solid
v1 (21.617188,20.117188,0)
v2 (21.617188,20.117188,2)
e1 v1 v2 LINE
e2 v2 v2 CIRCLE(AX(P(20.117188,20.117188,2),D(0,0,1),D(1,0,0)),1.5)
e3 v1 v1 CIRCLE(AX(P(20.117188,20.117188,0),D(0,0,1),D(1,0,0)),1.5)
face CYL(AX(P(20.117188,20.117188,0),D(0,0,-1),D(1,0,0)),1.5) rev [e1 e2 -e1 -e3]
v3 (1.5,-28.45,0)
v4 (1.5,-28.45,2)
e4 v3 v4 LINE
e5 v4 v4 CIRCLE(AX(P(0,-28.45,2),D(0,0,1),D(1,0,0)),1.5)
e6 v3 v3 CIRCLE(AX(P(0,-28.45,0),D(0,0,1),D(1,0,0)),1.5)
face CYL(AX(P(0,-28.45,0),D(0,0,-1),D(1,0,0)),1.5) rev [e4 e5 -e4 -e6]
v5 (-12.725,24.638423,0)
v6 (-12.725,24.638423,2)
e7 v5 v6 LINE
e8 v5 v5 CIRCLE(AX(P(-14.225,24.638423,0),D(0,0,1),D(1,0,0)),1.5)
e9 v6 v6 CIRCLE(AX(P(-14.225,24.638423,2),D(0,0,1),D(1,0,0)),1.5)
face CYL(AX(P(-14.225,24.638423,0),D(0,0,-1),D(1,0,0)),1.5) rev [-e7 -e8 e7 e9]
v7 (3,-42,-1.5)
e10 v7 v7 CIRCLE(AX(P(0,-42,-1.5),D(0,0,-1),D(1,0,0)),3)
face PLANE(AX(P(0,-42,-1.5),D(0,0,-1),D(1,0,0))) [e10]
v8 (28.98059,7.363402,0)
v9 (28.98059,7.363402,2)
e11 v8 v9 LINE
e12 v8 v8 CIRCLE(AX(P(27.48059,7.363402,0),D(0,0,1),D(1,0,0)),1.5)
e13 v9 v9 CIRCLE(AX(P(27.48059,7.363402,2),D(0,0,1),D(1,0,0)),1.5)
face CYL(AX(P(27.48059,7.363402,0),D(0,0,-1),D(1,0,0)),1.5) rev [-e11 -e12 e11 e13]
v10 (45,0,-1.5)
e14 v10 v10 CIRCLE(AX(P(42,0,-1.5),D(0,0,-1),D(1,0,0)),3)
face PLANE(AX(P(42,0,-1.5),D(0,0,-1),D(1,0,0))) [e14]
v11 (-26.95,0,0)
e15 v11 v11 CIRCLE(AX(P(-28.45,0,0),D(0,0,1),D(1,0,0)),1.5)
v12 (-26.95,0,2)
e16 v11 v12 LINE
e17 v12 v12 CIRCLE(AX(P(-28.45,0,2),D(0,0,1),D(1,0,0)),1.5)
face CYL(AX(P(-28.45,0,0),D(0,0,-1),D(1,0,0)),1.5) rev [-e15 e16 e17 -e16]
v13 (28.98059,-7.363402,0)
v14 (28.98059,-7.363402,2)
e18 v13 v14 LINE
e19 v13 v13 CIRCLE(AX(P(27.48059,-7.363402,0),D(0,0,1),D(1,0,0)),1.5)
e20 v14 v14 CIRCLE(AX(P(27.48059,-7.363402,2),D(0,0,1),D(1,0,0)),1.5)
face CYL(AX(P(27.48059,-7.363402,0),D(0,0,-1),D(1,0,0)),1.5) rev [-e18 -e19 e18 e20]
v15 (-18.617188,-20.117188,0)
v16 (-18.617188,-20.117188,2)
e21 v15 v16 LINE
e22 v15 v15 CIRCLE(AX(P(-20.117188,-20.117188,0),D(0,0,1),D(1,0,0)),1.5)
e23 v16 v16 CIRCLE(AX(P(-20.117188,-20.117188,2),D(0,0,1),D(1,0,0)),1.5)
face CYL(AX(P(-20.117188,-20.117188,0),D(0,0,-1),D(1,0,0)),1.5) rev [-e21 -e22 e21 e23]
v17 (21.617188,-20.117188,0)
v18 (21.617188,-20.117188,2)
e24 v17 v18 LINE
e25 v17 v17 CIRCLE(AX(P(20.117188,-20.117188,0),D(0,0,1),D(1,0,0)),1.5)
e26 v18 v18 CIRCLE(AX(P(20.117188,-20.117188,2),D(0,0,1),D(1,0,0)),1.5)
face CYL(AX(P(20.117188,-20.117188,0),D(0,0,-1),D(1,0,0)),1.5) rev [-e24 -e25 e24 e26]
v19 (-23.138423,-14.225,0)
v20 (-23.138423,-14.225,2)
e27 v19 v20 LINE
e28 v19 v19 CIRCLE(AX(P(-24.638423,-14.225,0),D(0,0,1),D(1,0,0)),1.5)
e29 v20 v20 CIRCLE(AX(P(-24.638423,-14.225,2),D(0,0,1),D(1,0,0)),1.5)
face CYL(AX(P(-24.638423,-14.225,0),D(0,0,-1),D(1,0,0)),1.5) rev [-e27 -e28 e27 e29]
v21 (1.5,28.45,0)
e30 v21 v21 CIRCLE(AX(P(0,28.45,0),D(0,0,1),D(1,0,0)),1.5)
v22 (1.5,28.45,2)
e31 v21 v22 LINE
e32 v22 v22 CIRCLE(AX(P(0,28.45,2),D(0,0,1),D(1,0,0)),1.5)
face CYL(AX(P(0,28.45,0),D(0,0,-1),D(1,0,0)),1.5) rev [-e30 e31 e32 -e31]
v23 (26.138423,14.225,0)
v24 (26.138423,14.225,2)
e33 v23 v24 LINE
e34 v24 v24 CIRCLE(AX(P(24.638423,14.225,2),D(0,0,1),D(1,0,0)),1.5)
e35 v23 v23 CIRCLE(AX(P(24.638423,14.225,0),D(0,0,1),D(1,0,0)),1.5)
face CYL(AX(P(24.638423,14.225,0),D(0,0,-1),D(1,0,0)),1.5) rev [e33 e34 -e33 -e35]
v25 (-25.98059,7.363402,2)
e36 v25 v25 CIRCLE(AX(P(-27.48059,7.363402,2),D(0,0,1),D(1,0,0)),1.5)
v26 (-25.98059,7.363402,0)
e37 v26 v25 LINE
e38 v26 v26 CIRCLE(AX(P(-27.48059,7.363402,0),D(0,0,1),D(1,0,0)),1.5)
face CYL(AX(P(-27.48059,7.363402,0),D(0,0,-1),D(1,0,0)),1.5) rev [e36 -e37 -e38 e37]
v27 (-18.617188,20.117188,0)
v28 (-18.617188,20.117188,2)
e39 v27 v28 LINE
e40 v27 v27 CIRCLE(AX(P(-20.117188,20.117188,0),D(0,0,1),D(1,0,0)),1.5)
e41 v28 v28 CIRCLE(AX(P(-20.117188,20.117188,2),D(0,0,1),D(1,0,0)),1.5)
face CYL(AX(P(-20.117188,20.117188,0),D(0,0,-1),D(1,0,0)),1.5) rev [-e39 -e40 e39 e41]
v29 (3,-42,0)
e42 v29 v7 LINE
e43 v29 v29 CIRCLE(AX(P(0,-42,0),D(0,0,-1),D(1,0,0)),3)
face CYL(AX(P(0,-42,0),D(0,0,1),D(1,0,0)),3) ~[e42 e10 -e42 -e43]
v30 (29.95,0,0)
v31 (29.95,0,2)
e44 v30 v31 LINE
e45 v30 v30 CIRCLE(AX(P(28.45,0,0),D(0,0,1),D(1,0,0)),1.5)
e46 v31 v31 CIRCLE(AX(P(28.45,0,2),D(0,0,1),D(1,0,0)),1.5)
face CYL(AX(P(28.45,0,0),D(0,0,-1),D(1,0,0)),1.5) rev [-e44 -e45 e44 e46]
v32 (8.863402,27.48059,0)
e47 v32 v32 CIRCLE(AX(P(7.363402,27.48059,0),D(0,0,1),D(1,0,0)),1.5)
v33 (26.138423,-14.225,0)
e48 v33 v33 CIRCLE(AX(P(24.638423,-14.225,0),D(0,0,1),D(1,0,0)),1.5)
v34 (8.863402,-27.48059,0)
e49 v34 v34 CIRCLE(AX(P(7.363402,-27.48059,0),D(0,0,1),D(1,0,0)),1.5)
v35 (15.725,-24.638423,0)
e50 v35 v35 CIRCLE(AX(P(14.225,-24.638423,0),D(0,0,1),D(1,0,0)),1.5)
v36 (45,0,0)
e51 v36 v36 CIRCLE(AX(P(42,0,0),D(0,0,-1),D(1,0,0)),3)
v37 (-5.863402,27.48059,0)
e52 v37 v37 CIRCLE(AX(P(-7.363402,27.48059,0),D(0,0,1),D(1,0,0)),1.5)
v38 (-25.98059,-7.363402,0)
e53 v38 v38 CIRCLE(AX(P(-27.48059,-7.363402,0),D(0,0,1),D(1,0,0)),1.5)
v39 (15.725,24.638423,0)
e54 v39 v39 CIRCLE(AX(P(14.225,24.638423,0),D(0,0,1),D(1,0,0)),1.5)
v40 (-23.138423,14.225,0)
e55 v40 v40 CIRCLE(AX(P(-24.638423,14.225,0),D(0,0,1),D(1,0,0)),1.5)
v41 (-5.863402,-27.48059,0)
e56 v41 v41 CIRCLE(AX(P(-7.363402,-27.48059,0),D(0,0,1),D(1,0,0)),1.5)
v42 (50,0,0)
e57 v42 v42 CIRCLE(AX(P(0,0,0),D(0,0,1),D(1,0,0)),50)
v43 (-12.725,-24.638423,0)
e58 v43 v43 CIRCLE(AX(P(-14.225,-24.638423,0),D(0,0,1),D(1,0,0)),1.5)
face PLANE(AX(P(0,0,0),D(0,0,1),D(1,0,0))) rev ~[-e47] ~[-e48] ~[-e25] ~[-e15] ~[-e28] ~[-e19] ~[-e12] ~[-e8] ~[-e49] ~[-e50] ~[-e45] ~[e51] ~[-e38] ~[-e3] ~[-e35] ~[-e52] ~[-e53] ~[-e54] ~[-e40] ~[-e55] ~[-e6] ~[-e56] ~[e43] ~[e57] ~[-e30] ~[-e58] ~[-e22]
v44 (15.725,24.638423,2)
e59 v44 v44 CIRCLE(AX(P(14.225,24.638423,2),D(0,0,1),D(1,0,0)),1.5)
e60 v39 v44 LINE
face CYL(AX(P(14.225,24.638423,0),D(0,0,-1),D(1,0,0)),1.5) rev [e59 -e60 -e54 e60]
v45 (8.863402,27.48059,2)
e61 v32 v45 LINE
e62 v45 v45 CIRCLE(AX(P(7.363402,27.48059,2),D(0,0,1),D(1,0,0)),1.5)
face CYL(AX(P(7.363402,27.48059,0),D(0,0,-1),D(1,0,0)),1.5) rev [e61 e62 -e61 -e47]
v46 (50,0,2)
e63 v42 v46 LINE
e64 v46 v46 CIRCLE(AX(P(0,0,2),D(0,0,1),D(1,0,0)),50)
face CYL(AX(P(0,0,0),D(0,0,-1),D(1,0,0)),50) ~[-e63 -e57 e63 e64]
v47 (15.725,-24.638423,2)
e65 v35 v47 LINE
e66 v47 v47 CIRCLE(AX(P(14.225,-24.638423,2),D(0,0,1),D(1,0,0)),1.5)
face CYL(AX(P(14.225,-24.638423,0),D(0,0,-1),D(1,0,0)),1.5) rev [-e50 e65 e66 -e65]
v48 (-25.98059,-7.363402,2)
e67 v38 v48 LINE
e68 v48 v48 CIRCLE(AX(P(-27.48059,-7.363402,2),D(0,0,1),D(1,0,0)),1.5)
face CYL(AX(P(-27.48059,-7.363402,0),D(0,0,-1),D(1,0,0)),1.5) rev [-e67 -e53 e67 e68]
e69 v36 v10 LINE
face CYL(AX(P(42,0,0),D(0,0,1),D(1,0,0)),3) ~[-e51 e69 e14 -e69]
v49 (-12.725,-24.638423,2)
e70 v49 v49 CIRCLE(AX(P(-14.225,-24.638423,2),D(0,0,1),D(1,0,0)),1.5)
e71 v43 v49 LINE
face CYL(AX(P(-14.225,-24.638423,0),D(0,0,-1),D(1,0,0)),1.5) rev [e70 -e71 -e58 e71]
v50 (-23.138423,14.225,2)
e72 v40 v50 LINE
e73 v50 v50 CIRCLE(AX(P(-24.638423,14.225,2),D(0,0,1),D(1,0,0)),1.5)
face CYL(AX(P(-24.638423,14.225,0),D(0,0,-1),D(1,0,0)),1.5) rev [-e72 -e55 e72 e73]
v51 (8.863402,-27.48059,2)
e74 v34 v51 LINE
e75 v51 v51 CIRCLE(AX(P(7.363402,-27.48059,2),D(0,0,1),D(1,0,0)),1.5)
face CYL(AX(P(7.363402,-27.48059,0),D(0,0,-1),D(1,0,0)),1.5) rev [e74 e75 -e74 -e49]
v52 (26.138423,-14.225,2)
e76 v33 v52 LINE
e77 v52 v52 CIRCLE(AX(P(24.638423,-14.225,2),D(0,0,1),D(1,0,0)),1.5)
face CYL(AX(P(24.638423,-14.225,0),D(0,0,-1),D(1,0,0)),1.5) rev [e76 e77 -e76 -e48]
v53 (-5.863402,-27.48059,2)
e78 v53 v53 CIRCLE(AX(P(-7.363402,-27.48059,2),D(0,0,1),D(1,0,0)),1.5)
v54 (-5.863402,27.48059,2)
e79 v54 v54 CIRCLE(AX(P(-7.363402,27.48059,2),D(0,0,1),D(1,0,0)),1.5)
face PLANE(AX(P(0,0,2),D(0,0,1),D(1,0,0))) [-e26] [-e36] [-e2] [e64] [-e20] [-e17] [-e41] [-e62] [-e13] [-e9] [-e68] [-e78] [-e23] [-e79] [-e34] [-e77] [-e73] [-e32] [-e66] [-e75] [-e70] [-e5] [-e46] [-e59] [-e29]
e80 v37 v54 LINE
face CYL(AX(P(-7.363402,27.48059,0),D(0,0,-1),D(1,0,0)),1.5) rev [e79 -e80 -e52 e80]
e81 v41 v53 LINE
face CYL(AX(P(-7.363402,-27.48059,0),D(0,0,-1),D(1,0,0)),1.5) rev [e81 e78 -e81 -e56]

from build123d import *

# Parameters (mm, degrees)
F0_R     = 50
F0_R_2   = 1.5
F1_DEPTH = 2
F2_R     = 3
F3_DEPTH = 1.5


with BuildPart() as f1:
    # F0 (on Top) → F1 (new body)
    with BuildSketch(Plane.XY):
        Circle(F0_R)
        with Locations((-7.363402, -27.48059)):
            Circle(F0_R_2, mode=Mode.SUBTRACT)
        with Locations((-27.48059, -7.363402)):
            Circle(F0_R_2, mode=Mode.SUBTRACT)
        with Locations((-20.117188, -20.117188)):
            Circle(F0_R_2, mode=Mode.SUBTRACT)
        with Locations((-14.225, -24.638423)):
            Circle(F0_R_2, mode=Mode.SUBTRACT)
        with Locations((-24.638423, -14.225)):
            Circle(F0_R_2, mode=Mode.SUBTRACT)
        with Locations((0, -28.45)):
            Circle(F0_R_2, mode=Mode.SUBTRACT)
        with Locations((7.363402, -27.48059)):
            Circle(F0_R_2, mode=Mode.SUBTRACT)
        with Locations((14.225, -24.638423)):
            Circle(F0_R_2, mode=Mode.SUBTRACT)
        with Locations((20.117188, -20.117188)):
            Circle(F0_R_2, mode=Mode.SUBTRACT)
        with Locations((24.638423, -14.225)):
            Circle(F0_R_2, mode=Mode.SUBTRACT)
        with Locations((27.48059, -7.363402)):
            Circle(F0_R_2, mode=Mode.SUBTRACT)
        with Locations((-28.45, 0)):
            Circle(F0_R_2, mode=Mode.SUBTRACT)
        with Locations((-27.48059, 7.363402)):
            Circle(F0_R_2, mode=Mode.SUBTRACT)
        with Locations((-24.638423, 14.225)):
            Circle(F0_R_2, mode=Mode.SUBTRACT)
        with Locations((-20.117188, 20.117188)):
            Circle(F0_R_2, mode=Mode.SUBTRACT)
        with Locations((-14.225, 24.638423)):
            Circle(F0_R_2, mode=Mode.SUBTRACT)
        with Locations((-7.363402, 27.48059)):
            Circle(F0_R_2, mode=Mode.SUBTRACT)
        with Locations((24.638423, 14.225)):
            Circle(F0_R_2, mode=Mode.SUBTRACT)
        with Locations((14.225, 24.638423)):
            Circle(F0_R_2, mode=Mode.SUBTRACT)
        with Locations((20.117188, 20.117188)):
            Circle(F0_R_2, mode=Mode.SUBTRACT)
        with Locations((28.45, 0)):
            Circle(F0_R_2, mode=Mode.SUBTRACT)
        with Locations((27.48059, 7.363402)):
            Circle(F0_R_2, mode=Mode.SUBTRACT)
        with Locations((0, 28.45)):
            Circle(F0_R_2, mode=Mode.SUBTRACT)
        with Locations((7.363402, 27.48059)):
            Circle(F0_R_2, mode=Mode.SUBTRACT)
    extrude(amount=F1_DEPTH)

    # F2 (on face) → F3 (join)
    with BuildSketch(Plane(origin=(0, 0, 0), x_dir=(1, 0, 0), z_dir=(0, 0, -1))):
        with Locations((0, 42)):
            Circle(F2_R)
        with Locations((42, 0)):
            Circle(F2_R)
    extrude(amount=F3_DEPTH)


solid = f1.part
